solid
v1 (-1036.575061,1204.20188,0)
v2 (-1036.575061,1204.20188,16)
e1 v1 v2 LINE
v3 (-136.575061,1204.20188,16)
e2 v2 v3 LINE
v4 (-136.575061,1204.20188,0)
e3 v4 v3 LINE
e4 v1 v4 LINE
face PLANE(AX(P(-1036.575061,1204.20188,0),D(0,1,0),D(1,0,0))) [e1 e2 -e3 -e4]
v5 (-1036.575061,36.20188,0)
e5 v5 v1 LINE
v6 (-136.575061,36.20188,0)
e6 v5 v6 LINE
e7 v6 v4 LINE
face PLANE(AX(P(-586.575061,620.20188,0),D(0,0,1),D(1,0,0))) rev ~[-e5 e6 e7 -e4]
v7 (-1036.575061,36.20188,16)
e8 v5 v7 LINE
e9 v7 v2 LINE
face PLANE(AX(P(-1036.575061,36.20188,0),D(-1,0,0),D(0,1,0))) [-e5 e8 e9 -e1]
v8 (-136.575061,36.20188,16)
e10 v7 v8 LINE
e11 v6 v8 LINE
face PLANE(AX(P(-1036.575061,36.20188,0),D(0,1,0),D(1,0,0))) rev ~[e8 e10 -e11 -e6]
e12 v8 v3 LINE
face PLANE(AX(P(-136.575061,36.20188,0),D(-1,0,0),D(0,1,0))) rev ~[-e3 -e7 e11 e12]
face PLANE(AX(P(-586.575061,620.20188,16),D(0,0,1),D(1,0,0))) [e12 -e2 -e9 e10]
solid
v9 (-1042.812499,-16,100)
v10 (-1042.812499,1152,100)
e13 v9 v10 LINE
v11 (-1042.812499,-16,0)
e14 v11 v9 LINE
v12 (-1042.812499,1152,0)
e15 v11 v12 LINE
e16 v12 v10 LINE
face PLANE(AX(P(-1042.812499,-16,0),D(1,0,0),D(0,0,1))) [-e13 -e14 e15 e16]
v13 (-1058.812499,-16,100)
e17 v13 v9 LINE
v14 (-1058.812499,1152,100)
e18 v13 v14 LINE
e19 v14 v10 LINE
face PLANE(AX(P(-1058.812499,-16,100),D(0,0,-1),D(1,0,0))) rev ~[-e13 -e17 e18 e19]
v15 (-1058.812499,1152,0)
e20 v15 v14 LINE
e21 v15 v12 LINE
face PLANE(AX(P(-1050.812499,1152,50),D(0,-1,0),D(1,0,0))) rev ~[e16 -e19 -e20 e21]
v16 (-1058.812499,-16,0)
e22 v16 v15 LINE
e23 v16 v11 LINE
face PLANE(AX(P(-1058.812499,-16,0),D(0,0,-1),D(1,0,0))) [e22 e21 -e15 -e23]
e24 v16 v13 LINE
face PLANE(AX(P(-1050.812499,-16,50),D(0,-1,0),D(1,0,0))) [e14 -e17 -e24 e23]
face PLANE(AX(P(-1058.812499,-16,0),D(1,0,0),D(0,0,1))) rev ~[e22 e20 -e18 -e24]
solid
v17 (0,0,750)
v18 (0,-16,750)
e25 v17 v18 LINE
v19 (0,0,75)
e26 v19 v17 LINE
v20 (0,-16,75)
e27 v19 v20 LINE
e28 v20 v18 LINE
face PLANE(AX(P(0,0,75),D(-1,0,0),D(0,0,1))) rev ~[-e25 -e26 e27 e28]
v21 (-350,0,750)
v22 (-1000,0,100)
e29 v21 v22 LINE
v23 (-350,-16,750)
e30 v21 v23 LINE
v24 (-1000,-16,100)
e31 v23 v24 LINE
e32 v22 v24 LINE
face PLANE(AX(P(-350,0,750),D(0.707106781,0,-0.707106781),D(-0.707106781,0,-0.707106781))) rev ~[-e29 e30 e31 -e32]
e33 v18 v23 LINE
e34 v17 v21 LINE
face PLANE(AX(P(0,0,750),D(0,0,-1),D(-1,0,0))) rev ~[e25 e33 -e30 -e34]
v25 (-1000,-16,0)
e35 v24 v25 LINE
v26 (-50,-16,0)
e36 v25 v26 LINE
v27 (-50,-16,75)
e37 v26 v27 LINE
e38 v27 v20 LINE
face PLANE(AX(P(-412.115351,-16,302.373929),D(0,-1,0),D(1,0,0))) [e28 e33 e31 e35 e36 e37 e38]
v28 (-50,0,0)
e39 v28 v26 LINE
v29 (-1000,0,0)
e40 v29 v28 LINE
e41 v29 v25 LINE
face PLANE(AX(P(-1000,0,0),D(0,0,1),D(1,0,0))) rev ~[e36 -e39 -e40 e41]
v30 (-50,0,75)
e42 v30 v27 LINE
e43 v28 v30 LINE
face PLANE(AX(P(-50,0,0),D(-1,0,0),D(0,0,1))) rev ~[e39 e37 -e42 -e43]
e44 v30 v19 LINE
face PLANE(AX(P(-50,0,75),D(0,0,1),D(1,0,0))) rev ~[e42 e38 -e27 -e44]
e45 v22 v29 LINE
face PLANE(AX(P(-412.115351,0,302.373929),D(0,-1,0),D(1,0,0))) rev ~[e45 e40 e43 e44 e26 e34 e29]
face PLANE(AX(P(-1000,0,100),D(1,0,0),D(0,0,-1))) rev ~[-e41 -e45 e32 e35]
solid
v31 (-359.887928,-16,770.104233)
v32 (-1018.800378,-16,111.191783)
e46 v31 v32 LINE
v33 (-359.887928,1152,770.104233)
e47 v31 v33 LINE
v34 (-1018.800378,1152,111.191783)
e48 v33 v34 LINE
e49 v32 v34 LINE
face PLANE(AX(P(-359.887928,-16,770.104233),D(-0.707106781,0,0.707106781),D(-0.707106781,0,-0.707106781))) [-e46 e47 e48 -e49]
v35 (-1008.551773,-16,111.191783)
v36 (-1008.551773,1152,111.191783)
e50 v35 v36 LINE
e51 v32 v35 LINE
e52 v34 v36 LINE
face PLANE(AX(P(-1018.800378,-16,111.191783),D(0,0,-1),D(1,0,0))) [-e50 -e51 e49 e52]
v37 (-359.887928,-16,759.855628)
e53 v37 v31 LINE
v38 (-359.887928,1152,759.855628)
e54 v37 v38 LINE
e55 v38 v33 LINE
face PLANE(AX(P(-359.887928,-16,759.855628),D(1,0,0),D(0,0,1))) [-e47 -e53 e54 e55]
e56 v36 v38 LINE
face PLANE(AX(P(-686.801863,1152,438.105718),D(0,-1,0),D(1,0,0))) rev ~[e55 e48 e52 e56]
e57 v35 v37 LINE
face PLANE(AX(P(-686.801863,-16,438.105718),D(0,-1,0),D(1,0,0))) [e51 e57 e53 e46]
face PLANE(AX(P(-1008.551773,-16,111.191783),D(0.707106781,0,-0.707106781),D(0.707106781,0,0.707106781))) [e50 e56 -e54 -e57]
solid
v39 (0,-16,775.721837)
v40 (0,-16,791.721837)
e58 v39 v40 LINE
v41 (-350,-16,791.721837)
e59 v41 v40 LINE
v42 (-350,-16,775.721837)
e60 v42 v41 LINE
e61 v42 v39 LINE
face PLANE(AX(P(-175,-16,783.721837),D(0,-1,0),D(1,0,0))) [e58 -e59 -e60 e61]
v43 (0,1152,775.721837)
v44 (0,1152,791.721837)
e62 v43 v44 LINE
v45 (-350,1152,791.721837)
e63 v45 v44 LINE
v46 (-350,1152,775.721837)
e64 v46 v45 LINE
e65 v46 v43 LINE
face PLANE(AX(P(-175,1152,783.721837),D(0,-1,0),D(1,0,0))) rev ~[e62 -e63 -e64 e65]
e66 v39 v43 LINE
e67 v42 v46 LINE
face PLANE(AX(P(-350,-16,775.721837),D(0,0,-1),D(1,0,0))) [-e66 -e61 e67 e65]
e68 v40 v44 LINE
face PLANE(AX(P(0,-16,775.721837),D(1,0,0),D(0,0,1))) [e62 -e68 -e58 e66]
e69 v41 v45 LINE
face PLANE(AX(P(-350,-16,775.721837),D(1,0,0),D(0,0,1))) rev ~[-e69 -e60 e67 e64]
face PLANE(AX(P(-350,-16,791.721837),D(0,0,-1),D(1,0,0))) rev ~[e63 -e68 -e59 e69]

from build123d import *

# Parameters (mm, degrees)
F1_DEPTH = 16
F2_W     = 900
F2_H     = 1168
F3_DEPTH = 16
F4_W     = 350
F4_H     = 16
F5_DEPTH = 1168
F6_W     = 16
F6_H     = 100
F7_DEPTH = 1168
F9_DEPTH = 1168


with BuildPart() as f1:
    # F0 (on Front) → F1 (new body)
    with BuildSketch(Plane.XZ):
        Polygon((-1000, 100), (-1000, 0), (-50, 0), (-50, 75), (0, 75), (0, 750), (-350, 750), align=None)
    extrude(amount=F1_DEPTH)


with BuildPart() as f3:
    # F2 (on Top) → F3 (new body)
    with BuildSketch(Plane.XY):
        with Locations((-586.5750610828, 620.2018796388)):
            Rectangle(F2_W, F2_H)
    extrude(amount=F3_DEPTH)


with BuildPart() as f5:
    # F4 (on face) → F5 (new body)
    with BuildSketch(Plane.XZ.offset(16)):
        with Locations((-175, 783.7218369622)):
            Rectangle(F4_W, F4_H)
    extrude(amount=-F5_DEPTH)


with BuildPart() as f7:
    # F6 (on face) → F7 (new body)
    with BuildSketch(Plane.XZ.offset(16)):
        with Locations((-1050.8124990463, 50)):
            Rectangle(F6_W, F6_H)
    extrude(amount=-F7_DEPTH)


with BuildPart() as f9:
    # F8 (on face) → F9 (new body)
    with BuildSketch(Plane.XZ.offset(16)):
        Polygon((-1008.5517726839, 111.1917831004), (-359.8879277706, 759.8556280136), (-359.8879277706, 770.1042331755), (-1018.8003778458, 111.1917831004), align=None)
    extrude(amount=-F9_DEPTH)


solid = Compound([f1.part, f3.part, f5.part, f7.part, f9.part])
